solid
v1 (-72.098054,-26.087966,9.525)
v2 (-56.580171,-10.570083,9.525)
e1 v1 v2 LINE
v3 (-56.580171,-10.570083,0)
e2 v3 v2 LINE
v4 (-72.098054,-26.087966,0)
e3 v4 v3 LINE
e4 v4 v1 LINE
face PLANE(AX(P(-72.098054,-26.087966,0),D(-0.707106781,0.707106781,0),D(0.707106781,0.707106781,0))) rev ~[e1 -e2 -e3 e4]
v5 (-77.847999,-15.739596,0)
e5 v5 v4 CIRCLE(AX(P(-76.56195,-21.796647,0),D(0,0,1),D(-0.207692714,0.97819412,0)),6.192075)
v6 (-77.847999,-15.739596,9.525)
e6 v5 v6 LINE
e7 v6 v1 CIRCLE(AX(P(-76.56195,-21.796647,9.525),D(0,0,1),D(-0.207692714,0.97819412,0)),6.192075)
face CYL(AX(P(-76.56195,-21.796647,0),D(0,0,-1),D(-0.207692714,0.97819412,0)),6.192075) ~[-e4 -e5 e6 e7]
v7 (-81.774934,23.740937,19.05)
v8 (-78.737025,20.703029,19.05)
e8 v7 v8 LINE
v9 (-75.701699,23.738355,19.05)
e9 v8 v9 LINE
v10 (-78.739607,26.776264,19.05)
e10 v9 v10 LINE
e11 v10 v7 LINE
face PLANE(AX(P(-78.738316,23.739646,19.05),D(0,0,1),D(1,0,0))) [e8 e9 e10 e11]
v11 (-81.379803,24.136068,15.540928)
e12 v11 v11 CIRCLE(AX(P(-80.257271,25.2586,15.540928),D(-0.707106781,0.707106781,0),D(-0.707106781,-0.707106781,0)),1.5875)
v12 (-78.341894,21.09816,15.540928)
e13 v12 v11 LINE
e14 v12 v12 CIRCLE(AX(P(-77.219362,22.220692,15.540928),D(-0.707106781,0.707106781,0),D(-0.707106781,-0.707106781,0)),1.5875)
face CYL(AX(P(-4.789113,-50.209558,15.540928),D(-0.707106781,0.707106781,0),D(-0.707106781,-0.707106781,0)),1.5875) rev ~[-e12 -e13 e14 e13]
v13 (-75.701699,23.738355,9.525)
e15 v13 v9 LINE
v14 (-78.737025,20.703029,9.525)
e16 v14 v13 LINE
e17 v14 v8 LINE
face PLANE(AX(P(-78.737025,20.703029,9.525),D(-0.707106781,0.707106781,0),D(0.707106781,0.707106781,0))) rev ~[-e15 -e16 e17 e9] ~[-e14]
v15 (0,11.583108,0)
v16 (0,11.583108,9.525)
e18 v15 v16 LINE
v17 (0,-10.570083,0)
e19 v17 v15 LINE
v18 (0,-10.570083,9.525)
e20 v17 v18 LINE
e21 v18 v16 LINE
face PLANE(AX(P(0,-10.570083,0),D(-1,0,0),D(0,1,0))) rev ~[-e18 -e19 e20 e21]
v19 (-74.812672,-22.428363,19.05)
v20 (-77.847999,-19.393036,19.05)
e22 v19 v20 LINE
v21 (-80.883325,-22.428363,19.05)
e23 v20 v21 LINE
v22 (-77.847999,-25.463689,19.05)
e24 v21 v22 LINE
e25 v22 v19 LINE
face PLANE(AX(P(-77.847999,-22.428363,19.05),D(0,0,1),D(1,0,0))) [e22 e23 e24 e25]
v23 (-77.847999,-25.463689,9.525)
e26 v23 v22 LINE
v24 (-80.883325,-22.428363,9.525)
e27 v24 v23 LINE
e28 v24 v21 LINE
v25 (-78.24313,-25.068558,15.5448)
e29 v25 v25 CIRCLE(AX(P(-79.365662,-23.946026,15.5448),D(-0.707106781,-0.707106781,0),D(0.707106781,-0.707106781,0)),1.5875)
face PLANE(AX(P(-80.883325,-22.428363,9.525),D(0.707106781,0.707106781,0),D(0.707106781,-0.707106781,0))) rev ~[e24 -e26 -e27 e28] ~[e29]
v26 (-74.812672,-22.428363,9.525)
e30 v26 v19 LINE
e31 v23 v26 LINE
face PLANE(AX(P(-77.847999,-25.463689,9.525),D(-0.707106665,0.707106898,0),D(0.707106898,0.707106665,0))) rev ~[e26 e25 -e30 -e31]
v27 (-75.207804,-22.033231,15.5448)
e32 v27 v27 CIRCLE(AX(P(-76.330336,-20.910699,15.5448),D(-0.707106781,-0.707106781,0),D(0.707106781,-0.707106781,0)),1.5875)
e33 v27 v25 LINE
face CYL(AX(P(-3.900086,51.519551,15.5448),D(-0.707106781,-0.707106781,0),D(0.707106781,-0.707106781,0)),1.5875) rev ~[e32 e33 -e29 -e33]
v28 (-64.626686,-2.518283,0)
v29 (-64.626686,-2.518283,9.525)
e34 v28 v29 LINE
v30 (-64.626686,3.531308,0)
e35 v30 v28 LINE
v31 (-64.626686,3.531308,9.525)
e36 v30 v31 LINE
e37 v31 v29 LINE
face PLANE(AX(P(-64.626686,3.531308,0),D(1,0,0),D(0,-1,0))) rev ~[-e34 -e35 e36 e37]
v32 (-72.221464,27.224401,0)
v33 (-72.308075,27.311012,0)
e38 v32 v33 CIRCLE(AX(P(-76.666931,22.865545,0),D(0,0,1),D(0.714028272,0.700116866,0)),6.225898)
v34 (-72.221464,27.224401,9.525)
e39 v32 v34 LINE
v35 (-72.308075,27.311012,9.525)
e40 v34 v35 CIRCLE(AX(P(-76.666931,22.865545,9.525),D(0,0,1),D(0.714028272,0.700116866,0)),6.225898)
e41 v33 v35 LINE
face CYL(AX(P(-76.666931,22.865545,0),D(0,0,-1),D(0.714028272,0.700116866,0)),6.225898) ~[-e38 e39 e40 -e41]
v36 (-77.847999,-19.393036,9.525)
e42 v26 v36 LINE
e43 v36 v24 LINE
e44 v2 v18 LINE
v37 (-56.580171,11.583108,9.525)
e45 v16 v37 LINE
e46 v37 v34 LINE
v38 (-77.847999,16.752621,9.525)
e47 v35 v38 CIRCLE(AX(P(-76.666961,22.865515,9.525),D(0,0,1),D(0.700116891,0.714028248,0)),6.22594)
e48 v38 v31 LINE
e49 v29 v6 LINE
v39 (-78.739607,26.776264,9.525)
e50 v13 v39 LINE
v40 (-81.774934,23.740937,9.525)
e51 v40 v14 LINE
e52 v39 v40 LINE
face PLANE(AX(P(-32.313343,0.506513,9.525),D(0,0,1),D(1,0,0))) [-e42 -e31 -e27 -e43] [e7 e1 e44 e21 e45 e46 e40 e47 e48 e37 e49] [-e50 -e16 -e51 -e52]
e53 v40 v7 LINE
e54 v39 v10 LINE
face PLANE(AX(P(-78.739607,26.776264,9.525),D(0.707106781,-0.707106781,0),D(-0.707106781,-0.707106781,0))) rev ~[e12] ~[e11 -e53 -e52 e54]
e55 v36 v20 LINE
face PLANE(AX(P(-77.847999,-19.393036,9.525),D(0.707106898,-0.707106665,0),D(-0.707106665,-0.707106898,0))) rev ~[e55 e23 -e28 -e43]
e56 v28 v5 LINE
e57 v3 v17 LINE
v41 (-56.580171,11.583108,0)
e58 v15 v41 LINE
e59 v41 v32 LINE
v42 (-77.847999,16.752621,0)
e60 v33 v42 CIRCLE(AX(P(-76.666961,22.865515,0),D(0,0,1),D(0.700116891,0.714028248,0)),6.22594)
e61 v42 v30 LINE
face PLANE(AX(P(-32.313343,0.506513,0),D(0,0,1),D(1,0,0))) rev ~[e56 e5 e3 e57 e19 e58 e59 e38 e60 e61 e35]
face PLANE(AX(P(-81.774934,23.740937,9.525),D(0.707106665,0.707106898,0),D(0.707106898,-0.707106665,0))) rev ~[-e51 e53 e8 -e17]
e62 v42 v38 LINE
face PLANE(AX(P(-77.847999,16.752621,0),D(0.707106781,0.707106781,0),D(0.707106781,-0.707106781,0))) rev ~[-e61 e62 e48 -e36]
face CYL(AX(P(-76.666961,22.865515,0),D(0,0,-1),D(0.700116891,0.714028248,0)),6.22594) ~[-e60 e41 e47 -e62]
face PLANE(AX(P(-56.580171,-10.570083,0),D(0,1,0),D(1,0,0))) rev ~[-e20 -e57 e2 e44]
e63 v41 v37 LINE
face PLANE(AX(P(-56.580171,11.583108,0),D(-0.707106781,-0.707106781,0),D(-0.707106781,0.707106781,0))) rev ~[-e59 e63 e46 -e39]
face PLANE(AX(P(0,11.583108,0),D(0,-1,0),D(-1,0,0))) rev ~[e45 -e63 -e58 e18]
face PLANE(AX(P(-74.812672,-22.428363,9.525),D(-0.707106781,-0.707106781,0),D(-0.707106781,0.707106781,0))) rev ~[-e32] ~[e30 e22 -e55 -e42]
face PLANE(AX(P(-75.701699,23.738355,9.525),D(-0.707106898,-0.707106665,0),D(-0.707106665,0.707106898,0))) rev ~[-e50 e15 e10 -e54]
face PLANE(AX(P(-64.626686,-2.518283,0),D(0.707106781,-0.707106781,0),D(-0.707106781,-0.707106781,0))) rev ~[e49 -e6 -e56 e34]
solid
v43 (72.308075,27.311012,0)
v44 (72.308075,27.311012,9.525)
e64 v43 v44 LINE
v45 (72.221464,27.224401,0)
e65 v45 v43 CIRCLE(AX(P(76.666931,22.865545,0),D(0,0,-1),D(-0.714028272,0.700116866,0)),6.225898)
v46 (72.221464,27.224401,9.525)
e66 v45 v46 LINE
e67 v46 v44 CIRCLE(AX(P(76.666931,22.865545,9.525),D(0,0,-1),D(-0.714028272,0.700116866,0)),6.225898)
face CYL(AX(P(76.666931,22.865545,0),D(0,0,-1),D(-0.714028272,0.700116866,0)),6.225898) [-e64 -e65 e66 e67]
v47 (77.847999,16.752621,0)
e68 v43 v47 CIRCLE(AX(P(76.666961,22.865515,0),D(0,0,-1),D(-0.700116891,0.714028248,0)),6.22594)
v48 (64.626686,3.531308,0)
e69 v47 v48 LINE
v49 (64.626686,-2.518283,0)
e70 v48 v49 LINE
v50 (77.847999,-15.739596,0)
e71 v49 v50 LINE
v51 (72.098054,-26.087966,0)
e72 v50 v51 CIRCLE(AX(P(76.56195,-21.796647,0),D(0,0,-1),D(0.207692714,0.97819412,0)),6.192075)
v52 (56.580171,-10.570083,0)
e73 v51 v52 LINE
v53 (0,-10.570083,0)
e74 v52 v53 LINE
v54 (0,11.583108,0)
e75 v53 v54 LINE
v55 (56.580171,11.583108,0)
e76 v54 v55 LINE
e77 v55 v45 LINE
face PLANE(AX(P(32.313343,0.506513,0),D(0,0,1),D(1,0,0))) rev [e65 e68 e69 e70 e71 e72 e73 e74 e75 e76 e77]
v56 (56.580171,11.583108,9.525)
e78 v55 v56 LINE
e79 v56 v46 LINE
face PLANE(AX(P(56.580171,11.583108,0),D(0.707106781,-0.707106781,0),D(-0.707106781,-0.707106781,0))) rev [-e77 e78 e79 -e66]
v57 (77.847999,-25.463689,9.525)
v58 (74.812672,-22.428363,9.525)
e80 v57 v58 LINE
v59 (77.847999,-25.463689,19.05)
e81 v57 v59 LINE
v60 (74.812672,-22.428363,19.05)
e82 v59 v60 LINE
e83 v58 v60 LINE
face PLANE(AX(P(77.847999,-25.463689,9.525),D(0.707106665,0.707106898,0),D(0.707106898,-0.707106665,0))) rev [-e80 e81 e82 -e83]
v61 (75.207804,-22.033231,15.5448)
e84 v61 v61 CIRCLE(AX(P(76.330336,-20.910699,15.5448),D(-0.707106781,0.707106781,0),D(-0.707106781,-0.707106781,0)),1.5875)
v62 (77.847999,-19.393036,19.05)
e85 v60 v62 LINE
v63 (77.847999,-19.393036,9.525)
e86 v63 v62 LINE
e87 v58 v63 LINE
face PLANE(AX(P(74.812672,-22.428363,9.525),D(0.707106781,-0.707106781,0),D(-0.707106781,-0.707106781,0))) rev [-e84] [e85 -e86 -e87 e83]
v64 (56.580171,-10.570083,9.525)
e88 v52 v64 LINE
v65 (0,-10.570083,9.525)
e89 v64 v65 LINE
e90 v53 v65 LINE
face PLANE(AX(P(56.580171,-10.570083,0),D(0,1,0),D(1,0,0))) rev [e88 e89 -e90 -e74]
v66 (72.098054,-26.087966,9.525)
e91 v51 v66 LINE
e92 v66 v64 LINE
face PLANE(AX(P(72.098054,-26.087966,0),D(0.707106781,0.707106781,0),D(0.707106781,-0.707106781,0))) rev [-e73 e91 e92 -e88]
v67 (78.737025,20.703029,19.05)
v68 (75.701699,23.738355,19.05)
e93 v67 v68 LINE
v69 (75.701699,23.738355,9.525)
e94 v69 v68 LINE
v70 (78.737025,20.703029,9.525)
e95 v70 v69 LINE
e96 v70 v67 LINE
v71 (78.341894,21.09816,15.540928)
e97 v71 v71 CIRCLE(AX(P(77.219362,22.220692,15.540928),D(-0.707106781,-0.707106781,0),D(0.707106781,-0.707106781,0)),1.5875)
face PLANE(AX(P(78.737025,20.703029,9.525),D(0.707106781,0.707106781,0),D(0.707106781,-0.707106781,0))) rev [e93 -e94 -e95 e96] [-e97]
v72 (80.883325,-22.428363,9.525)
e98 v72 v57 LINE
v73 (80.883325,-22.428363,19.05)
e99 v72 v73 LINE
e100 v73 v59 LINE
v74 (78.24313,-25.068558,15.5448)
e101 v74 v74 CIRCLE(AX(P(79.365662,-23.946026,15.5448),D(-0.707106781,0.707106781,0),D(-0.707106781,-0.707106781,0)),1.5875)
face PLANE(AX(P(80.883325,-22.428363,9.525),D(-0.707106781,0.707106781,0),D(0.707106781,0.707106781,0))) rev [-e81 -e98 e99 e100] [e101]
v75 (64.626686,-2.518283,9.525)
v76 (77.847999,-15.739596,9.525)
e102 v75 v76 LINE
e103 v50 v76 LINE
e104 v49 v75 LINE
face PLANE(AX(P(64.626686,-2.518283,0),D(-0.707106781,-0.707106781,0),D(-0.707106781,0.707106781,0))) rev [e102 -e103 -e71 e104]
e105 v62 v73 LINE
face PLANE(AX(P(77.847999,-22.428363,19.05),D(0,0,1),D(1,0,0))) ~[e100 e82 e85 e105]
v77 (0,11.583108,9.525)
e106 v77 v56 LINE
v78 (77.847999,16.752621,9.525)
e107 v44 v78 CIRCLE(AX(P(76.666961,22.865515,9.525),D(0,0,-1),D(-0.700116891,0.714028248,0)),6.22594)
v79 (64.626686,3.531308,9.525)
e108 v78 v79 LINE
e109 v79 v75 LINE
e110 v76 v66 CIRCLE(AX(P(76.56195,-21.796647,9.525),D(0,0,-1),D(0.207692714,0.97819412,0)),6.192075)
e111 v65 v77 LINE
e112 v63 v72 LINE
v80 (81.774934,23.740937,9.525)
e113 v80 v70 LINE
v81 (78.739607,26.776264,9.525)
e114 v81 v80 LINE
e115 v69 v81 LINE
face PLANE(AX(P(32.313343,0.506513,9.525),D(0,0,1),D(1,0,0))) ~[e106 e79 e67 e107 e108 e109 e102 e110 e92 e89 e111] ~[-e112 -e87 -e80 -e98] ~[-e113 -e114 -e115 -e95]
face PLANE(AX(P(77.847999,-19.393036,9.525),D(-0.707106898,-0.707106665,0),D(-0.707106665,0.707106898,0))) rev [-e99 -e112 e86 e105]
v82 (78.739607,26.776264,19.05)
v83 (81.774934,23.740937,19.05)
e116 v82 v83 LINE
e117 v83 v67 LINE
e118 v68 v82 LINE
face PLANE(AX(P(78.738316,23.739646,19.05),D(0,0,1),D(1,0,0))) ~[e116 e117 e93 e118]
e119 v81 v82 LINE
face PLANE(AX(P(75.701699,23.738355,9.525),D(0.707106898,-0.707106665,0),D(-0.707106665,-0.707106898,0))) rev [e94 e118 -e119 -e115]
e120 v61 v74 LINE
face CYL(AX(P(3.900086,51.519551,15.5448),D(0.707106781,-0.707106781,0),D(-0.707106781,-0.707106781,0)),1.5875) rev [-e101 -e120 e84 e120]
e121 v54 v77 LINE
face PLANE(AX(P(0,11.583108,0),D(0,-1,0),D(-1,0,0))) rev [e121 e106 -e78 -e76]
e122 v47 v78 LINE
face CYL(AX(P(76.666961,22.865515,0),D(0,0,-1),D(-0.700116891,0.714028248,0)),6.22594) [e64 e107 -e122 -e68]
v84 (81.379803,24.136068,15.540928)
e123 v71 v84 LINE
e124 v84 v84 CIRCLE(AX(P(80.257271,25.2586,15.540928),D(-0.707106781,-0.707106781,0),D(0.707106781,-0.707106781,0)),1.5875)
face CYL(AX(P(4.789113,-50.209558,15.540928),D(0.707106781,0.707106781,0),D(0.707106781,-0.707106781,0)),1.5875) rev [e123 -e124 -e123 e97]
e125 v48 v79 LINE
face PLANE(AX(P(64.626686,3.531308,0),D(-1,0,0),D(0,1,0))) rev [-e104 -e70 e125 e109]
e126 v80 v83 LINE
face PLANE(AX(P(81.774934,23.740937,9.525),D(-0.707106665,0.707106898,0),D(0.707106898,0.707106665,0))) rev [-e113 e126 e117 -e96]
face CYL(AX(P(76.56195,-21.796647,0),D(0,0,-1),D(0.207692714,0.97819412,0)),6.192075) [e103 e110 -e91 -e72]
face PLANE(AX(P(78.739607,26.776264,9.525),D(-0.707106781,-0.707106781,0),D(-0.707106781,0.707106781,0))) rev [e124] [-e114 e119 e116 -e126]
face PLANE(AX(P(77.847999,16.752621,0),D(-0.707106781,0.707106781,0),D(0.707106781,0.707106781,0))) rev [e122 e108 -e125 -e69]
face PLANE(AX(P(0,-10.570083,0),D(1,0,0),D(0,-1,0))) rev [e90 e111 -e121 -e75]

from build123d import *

# Parameters (mm, degrees)
F1_DEPTH = 9.525
F3_DEPTH = 9.525
F6_D     = 3.175
F7_D     = 3.175


with BuildPart() as f1:
    # F0 (on Top) → F1 (new body)
    with BuildSketch(Plane.XY):
        Polygon((-56.580171, -10.570083), (0, -10.570083), (0, 11.583108), (-56.580171, 11.583108), (-64.626686, 11.583108), (-64.626686, 3.531308), (-64.626686, -2.518283), (-64.626686, -10.570083), align=None)
        with BuildLine():
            Line((-72.098054, -26.087966), (-56.580171, -10.570083))
            Line((-56.580171, -10.570083), (-64.626686, -10.570083))
            Line((-64.626686, -10.570083), (-64.626686, -2.518283))
            Line((-64.626686, -2.518283), (-77.847999, -15.739596))
            ThreePointArc((-77.847999, -15.739596), (-72.664613, -16.984937), (-70.369875, -21.796647))
            ThreePointArc((-70.369875, -21.796647), (-70.818146, -24.109763), (-72.098054, -26.087966))
        make_face()
        with BuildLine():
            ThreePointArc((-77.847999, -15.739596), (-81.974608, -24.804125), (-72.098054, -26.087966))
            ThreePointArc((-72.098054, -26.087966), (-70.818146, -24.109763), (-70.369875, -21.796647))
            ThreePointArc((-70.369875, -21.796647), (-72.664613, -16.984937), (-77.847999, -15.739596))
        make_face()
        with BuildLine():
            Line((-64.626686, 11.583108), (-56.580171, 11.583108))
            Line((-56.580171, 11.583108), (-72.221464, 27.224401))
            ThreePointArc((-72.221464, 27.224401), (-70.903293, 25.219759), (-70.441021, 22.865515))
            ThreePointArc((-70.441021, 22.865515), (-72.704054, 18.063672), (-77.847999, 16.752621))
            Line((-77.847999, 16.752621), (-64.626686, 3.531308))
            Line((-64.626686, 3.531308), (-64.626686, 11.583108))
        make_face()
        with BuildLine():
            ThreePointArc((-70.441021, 22.865515), (-70.903293, 25.219759), (-72.221464, 27.224401))
            Line((-72.221464, 27.224401), (-72.308075, 27.311012))
            ThreePointArc((-72.308075, 27.311012), (-82.180089, 25.75822), (-77.847999, 16.752621))
            ThreePointArc((-77.847999, 16.752621), (-72.704054, 18.063672), (-70.441021, 22.865515))
        make_face()
        with BuildLine():
            Line((-72.308075, 27.311012), (-72.221464, 27.224401))
            ThreePointArc((-72.221464, 27.224401), (-72.264556, 27.267919), (-72.308075, 27.311012))
        make_face()
    extrude(amount=F1_DEPTH)

    # F2 (on face) → F3 (join)
    with BuildSketch(Plane.XY.offset(9.525)):
        Polygon((-81.774934, 23.740937), (-78.737025, 20.703029), (-75.701699, 23.738355), (-78.739607, 26.776264), align=None)
        Polygon((-77.847999, -25.463689), (-74.812672, -22.428363), (-77.847999, -19.393036), (-80.883325, -22.428363), align=None)
    extrude(amount=F3_DEPTH)

    # F6 (through all)
    with Locations(Plane(origin=(-48.620517, -48.620517, 0), x_dir=(-0.707107, 0.707107, 0), z_dir=(0.707107, 0.707107, 0))):
        with Locations((39.187601, 15.5448)):
            Hole(F6_D / 2)

    # F7 (through all)
    with Locations(Plane(origin=(-49.720027, 49.720027, 0), x_dir=(0.707107, 0.707107, 0), z_dir=(0.707107, -0.707107, 0))):
        with Locations((-38.889933, 15.540928)):
            Hole(F7_D / 2)


with BuildPart() as f8_1:
    # F8: instance of F1
    add(f1.part.mirror(Plane(origin=(0, 0.506512, 4.7625), x_dir=(0, 1, 0), z_dir=(1, 0, 0))))


solid = Compound([f1.part, f8_1.part])
